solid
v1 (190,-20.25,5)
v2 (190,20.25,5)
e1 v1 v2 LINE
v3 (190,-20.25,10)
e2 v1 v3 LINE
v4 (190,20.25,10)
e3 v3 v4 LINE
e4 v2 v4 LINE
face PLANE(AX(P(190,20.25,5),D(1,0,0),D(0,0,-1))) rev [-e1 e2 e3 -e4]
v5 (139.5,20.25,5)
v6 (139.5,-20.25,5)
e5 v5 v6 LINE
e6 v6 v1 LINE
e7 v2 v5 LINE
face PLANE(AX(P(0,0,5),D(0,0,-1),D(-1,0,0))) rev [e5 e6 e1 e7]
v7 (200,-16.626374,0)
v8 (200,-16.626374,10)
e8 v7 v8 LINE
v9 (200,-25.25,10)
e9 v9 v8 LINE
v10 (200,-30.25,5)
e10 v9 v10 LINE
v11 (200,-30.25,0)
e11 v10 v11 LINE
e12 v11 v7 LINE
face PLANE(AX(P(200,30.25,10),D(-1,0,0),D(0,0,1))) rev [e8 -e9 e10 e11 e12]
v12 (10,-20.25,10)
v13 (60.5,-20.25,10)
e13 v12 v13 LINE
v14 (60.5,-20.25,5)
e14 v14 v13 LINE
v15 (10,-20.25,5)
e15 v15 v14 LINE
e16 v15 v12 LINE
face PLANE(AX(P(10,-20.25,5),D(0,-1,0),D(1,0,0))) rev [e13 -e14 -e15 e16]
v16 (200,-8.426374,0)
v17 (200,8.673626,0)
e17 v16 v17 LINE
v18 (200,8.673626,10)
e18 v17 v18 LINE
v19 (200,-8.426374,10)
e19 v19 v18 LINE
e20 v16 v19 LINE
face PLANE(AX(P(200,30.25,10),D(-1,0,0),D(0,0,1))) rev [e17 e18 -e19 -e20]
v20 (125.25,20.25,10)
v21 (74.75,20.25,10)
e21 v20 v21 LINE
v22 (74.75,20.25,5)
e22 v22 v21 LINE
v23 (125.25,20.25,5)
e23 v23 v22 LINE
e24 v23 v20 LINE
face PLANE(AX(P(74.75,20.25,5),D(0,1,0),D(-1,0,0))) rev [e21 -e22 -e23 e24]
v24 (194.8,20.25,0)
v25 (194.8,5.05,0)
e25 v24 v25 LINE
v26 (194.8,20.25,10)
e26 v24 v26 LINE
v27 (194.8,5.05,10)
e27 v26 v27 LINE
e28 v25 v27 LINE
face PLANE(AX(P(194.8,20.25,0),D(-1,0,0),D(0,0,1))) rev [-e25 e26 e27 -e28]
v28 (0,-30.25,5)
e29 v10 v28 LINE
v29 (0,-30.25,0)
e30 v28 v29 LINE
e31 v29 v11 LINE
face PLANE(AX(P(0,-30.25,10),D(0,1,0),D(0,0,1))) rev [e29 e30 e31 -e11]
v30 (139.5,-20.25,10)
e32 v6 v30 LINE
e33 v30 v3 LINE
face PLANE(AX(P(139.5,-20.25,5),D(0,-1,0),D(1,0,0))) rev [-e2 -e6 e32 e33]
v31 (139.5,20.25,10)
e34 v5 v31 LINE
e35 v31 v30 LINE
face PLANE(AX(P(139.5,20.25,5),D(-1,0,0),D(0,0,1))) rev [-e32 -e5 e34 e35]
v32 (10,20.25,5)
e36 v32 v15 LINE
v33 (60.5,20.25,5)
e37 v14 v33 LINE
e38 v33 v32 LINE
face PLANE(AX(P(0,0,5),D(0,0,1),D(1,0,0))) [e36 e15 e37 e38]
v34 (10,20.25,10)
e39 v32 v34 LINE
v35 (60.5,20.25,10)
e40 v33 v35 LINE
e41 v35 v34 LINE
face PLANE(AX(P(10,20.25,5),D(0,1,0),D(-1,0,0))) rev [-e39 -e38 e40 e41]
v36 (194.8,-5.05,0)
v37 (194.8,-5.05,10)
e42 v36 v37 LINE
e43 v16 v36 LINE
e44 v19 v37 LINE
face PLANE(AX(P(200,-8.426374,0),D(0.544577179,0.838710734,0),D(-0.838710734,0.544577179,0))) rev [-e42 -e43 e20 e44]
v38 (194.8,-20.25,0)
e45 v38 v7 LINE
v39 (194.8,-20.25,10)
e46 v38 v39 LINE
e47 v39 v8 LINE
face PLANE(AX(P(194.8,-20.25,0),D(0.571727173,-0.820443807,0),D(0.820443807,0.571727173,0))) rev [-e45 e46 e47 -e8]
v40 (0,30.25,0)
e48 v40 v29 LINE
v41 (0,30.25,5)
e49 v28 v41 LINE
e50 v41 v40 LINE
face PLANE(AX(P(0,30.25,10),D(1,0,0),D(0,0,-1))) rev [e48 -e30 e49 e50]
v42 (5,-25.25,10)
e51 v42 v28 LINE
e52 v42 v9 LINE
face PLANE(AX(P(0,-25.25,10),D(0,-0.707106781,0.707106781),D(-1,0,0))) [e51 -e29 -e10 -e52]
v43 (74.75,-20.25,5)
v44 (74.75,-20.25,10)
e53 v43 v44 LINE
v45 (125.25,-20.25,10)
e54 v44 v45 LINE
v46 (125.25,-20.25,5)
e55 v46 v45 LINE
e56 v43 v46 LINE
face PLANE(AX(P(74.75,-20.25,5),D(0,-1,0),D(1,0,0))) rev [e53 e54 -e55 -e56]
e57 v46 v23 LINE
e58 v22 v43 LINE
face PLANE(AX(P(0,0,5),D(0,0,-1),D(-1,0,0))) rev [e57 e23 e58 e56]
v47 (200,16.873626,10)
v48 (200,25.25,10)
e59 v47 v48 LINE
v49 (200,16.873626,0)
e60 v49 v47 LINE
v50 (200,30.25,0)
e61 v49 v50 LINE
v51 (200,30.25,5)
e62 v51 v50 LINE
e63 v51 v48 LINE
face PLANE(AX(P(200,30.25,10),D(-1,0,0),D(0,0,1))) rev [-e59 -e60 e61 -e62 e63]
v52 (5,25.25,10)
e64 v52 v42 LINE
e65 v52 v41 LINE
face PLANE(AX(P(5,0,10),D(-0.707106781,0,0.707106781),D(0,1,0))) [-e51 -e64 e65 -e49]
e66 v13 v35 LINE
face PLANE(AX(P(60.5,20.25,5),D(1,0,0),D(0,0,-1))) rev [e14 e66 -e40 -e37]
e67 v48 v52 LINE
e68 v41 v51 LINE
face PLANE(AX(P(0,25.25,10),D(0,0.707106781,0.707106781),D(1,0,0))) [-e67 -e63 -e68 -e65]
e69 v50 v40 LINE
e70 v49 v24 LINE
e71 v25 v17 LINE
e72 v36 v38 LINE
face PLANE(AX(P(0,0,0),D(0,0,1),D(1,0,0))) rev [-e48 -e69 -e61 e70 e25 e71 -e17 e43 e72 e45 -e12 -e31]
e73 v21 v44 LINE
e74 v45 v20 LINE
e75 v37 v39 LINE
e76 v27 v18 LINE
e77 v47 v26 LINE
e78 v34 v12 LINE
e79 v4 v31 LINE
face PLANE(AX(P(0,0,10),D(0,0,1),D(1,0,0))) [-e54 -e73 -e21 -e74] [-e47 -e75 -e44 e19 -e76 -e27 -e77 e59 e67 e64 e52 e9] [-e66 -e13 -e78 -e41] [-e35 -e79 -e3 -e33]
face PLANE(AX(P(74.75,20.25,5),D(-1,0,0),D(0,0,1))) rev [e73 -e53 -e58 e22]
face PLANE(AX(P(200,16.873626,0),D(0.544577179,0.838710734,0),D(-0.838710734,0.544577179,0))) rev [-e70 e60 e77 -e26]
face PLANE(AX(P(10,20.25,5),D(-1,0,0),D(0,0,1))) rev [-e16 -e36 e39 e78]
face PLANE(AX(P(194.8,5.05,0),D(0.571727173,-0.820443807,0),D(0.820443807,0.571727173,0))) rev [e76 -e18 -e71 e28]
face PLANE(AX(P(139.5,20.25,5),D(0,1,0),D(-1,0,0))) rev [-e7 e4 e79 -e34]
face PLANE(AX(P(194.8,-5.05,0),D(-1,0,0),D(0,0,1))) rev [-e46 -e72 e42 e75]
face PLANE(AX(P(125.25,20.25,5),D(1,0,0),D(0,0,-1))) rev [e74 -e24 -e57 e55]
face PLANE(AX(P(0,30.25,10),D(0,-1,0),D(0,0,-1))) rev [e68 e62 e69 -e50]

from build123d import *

# Parameters (mm, degrees)
SKIZZE1_W                       = 200
SKIZZE1_H                       = 60.5
AUFSATZ_LINEAR_AUSTRAGEN1_DEPTH = 10
SKIZZE2_W                       = 50.5
SKIZZE2_H                       = 40.5
SCHNITT_LINEAR_AUSTRAGEN1_DEPTH = 5
FASE1_SIZE                      = 5
SCHNITT_LINEAR_AUSTRAGEN2_DEPTH = 10


with BuildPart() as part:
    # Skizze1 → Aufsatz-Linear austragen1 (new body)
    with BuildSketch(Plane.XY):
        with Locations((100, 0)):
            Rectangle(SKIZZE1_W, SKIZZE1_H)
    extrude(amount=AUFSATZ_LINEAR_AUSTRAGEN1_DEPTH)

    # Skizze2 → Schnitt-Linear austragen1 (cut)
    with BuildSketch(Plane.XY.offset(10)):
        with Locations((35.25, 0)):
            Rectangle(SKIZZE2_W, SKIZZE2_H)
        with Locations((100, 0)):
            Rectangle(SKIZZE2_W, SKIZZE2_H)
        with Locations((164.75, 0)):
            Rectangle(SKIZZE2_W, SKIZZE2_H)
    extrude(amount=-SCHNITT_LINEAR_AUSTRAGEN1_DEPTH, mode=Mode.SUBTRACT)

    # Fase1
    fase1_edges = [part.edges().sort_by_distance(p)[0] for p in [
        (100, 30.25, 10),
        (0, 0, 10),
        (100, -30.25, 10),
    ]]
    chamfer(fase1_edges, length=FASE1_SIZE)

    # Skizze4 → Schnitt-Linear austragen2 (cut)
    with BuildSketch(Plane.XY.offset(10)):
        Polygon((200, 16.873625745), (194.8, 20.25), (194.8, 5.05), (200, 8.673625745), align=None)
        Polygon((200, -8.426374255), (194.8, -5.05), (194.8, -20.25), (200, -16.626374255), align=None)
    extrude(amount=-SCHNITT_LINEAR_AUSTRAGEN2_DEPTH, mode=Mode.SUBTRACT)


solid = part.part
